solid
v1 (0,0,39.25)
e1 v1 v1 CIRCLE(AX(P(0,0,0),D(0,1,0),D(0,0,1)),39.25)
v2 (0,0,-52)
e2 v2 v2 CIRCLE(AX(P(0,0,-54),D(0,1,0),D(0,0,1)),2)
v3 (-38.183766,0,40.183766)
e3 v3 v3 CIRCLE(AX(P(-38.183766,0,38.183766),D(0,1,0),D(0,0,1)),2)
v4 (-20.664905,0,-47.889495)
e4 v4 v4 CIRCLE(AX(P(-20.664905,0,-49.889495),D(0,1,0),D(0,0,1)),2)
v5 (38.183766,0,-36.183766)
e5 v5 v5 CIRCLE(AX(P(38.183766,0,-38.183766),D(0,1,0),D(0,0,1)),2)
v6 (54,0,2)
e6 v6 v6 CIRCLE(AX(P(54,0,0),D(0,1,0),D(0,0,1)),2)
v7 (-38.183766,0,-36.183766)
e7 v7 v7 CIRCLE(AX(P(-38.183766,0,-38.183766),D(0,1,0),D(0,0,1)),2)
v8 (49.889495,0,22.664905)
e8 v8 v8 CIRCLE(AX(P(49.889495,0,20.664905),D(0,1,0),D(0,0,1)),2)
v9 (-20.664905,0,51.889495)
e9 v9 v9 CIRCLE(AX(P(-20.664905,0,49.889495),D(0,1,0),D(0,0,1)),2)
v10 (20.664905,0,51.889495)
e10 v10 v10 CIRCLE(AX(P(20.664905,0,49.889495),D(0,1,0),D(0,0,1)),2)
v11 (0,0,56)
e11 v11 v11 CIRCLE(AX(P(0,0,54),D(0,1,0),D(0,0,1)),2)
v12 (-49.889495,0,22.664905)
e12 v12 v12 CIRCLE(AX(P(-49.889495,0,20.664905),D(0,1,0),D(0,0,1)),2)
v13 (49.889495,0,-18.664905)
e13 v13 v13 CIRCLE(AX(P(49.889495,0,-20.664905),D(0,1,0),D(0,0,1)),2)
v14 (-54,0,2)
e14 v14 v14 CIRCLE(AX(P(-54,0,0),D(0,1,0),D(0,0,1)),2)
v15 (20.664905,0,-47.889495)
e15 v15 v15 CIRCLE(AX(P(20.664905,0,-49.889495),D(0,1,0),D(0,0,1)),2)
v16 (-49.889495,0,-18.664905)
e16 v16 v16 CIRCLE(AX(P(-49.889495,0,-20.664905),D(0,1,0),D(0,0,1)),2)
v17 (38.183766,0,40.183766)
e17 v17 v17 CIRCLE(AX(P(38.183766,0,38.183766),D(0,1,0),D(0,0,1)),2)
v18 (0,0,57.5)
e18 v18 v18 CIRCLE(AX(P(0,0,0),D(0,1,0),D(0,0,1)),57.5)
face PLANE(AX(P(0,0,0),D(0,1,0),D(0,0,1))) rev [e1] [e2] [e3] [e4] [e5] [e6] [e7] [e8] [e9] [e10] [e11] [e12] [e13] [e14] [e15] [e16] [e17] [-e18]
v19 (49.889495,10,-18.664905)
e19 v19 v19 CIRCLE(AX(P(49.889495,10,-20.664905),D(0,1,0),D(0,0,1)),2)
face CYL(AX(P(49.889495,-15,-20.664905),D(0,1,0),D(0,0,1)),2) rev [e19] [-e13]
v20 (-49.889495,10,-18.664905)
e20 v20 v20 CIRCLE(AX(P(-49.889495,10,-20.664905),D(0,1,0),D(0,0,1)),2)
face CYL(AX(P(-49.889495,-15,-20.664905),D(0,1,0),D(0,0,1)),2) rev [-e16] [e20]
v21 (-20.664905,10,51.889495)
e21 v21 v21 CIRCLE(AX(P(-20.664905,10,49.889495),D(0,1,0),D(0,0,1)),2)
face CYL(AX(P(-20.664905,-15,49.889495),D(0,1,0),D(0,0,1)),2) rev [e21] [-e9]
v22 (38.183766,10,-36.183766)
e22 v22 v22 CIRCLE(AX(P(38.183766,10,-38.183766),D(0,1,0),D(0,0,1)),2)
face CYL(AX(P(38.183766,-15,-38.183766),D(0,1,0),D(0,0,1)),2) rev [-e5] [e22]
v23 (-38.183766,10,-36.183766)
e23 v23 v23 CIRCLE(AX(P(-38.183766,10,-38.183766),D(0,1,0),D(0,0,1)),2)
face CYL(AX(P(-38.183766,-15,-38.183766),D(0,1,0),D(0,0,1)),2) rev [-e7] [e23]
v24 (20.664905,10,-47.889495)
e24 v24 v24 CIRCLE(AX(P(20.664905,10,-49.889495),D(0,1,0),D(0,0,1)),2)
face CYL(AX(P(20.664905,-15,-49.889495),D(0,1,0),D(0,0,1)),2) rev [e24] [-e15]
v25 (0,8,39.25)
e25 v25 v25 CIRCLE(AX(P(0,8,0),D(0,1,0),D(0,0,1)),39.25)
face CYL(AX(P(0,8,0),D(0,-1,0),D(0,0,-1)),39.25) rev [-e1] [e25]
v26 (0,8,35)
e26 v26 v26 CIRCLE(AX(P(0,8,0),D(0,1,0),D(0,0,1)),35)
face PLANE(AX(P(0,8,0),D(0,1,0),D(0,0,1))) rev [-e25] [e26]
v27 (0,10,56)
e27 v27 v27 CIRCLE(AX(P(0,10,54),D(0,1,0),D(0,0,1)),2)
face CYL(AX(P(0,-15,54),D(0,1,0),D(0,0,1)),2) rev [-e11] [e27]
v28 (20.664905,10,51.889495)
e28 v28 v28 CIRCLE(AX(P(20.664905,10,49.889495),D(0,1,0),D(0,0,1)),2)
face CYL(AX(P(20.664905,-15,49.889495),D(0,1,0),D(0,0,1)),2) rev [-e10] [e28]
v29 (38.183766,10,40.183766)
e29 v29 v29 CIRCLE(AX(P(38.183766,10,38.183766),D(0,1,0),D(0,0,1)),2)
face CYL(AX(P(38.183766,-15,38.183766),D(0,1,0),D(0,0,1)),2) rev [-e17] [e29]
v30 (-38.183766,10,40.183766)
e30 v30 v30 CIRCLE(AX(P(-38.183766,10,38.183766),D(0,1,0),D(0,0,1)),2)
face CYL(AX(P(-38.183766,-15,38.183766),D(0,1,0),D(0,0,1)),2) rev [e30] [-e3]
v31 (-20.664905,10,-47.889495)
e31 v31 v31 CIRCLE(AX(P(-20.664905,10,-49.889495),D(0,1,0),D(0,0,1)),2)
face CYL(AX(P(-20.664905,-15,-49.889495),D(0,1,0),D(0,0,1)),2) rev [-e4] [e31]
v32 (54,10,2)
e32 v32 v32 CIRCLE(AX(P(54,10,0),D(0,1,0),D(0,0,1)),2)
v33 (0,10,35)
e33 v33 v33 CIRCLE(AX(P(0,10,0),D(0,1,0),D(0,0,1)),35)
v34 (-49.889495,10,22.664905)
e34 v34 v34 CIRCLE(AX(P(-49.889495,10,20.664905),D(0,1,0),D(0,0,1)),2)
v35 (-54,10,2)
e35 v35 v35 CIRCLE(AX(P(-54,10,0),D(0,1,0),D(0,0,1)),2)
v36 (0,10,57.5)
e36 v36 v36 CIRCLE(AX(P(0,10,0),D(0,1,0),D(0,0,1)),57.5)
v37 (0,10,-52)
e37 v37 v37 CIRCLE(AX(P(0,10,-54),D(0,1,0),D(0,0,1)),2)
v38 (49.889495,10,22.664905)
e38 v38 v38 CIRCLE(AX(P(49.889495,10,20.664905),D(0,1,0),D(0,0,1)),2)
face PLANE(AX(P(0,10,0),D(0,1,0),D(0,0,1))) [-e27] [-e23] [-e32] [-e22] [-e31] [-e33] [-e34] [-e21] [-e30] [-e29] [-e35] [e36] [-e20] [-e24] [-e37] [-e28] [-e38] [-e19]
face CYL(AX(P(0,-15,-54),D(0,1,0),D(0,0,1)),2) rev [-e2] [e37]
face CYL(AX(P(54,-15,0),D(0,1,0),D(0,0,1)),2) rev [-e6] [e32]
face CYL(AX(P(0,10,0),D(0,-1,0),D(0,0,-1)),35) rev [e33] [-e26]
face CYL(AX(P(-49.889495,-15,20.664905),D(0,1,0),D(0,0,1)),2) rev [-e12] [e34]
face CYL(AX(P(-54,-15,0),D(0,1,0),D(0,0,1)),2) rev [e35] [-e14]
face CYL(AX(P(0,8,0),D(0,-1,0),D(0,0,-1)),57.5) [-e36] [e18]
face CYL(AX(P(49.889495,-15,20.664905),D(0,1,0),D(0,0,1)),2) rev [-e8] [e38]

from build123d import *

# Parameters (mm, degrees)
SKETCH1_R           = 57.5
SKETCH1_R_2         = 39.25
BOSS_EXTRUDE1_DEPTH = 8
SKETCH3_R           = 57.5
SKETCH3_R_2         = 35
BOSS_EXTRUDE2_DEPTH = 2
SKETCH2_R           = 2
CUT_EXTRUDE1_DEPTH  = 25


with BuildPart() as part:
    # Sketch1 → Boss-Extrude1 (new body)
    with BuildSketch(Plane(origin=(0, 0, 0), x_dir=(1, 0, 0), z_dir=(0, 1, 0))):
        with Locations(Location((0, 0, 0), (0, 0, 270))):
            Circle(SKETCH1_R)
        with Locations(Location((0, 0, 0), (0, 0, 270))):
            Circle(SKETCH1_R_2, mode=Mode.SUBTRACT)
    extrude(amount=BOSS_EXTRUDE1_DEPTH)

    # Sketch3 → Boss-Extrude2 (add)
    with BuildSketch(Plane(origin=(0, 8, 0), x_dir=(1, 0, 0), z_dir=(0, 1, 0))):
        with Locations(Location((0, 0, 0), (0, 0, 270))):
            Circle(SKETCH3_R)
        with Locations(Location((0, 0, 0), (0, 0, 270))):
            Circle(SKETCH3_R_2, mode=Mode.SUBTRACT)
    extrude(amount=BOSS_EXTRUDE2_DEPTH)

    # Sketch2 → Cut-Extrude1 (cut)
    with BuildSketch(Plane(origin=(0, 10, 0), x_dir=(1, 0, 0), z_dir=(0, 1, 0))):
        with Locations(Location((0, 54, 0), (0, 0, 270))):
            Circle(SKETCH2_R)
        with Locations(Location((20.664905348, 49.889494756, 0), (0, 0, 270))):
            Circle(SKETCH2_R)
        with Locations(Location((38.183766184, 38.183766184, 0), (0, 0, 270))):
            Circle(SKETCH2_R)
        with Locations(Location((49.889494756, 20.664905348, 0), (0, 0, 270))):
            Circle(SKETCH2_R)
        with Locations(Location((54, 0, 0), (0, 0, 270))):
            Circle(SKETCH2_R)
        with Locations(Location((49.889494756, -20.664905348, 0), (0, 0, 270))):
            Circle(SKETCH2_R)
        with Locations(Location((38.183766184, -38.183766184, 0), (0, 0, 270))):
            Circle(SKETCH2_R)
        with Locations(Location((20.664905348, -49.889494756, 0), (0, 0, 270))):
            Circle(SKETCH2_R)
        with Locations(Location((0, -54, 0), (0, 0, 270))):
            Circle(SKETCH2_R)
        with Locations(Location((-20.664905348, -49.889494756, 0), (0, 0, 270))):
            Circle(SKETCH2_R)
        with Locations(Location((-38.183766184, -38.183766184, 0), (0, 0, 270))):
            Circle(SKETCH2_R)
        with Locations(Location((-49.889494756, -20.664905348, 0), (0, 0, 270))):
            Circle(SKETCH2_R)
        with Locations(Location((-54, 0, 0), (0, 0, 270))):
            Circle(SKETCH2_R)
        with Locations(Location((-49.889494756, 20.664905348, 0), (0, 0, 270))):
            Circle(SKETCH2_R)
        with Locations(Location((-38.183766184, 38.183766184, 0), (0, 0, 270))):
            Circle(SKETCH2_R)
        with Locations(Location((-20.664905348, 49.889494756, 0), (0, 0, 270))):
            Circle(SKETCH2_R)
    extrude(amount=-CUT_EXTRUDE1_DEPTH, mode=Mode.SUBTRACT)


solid = part.part
